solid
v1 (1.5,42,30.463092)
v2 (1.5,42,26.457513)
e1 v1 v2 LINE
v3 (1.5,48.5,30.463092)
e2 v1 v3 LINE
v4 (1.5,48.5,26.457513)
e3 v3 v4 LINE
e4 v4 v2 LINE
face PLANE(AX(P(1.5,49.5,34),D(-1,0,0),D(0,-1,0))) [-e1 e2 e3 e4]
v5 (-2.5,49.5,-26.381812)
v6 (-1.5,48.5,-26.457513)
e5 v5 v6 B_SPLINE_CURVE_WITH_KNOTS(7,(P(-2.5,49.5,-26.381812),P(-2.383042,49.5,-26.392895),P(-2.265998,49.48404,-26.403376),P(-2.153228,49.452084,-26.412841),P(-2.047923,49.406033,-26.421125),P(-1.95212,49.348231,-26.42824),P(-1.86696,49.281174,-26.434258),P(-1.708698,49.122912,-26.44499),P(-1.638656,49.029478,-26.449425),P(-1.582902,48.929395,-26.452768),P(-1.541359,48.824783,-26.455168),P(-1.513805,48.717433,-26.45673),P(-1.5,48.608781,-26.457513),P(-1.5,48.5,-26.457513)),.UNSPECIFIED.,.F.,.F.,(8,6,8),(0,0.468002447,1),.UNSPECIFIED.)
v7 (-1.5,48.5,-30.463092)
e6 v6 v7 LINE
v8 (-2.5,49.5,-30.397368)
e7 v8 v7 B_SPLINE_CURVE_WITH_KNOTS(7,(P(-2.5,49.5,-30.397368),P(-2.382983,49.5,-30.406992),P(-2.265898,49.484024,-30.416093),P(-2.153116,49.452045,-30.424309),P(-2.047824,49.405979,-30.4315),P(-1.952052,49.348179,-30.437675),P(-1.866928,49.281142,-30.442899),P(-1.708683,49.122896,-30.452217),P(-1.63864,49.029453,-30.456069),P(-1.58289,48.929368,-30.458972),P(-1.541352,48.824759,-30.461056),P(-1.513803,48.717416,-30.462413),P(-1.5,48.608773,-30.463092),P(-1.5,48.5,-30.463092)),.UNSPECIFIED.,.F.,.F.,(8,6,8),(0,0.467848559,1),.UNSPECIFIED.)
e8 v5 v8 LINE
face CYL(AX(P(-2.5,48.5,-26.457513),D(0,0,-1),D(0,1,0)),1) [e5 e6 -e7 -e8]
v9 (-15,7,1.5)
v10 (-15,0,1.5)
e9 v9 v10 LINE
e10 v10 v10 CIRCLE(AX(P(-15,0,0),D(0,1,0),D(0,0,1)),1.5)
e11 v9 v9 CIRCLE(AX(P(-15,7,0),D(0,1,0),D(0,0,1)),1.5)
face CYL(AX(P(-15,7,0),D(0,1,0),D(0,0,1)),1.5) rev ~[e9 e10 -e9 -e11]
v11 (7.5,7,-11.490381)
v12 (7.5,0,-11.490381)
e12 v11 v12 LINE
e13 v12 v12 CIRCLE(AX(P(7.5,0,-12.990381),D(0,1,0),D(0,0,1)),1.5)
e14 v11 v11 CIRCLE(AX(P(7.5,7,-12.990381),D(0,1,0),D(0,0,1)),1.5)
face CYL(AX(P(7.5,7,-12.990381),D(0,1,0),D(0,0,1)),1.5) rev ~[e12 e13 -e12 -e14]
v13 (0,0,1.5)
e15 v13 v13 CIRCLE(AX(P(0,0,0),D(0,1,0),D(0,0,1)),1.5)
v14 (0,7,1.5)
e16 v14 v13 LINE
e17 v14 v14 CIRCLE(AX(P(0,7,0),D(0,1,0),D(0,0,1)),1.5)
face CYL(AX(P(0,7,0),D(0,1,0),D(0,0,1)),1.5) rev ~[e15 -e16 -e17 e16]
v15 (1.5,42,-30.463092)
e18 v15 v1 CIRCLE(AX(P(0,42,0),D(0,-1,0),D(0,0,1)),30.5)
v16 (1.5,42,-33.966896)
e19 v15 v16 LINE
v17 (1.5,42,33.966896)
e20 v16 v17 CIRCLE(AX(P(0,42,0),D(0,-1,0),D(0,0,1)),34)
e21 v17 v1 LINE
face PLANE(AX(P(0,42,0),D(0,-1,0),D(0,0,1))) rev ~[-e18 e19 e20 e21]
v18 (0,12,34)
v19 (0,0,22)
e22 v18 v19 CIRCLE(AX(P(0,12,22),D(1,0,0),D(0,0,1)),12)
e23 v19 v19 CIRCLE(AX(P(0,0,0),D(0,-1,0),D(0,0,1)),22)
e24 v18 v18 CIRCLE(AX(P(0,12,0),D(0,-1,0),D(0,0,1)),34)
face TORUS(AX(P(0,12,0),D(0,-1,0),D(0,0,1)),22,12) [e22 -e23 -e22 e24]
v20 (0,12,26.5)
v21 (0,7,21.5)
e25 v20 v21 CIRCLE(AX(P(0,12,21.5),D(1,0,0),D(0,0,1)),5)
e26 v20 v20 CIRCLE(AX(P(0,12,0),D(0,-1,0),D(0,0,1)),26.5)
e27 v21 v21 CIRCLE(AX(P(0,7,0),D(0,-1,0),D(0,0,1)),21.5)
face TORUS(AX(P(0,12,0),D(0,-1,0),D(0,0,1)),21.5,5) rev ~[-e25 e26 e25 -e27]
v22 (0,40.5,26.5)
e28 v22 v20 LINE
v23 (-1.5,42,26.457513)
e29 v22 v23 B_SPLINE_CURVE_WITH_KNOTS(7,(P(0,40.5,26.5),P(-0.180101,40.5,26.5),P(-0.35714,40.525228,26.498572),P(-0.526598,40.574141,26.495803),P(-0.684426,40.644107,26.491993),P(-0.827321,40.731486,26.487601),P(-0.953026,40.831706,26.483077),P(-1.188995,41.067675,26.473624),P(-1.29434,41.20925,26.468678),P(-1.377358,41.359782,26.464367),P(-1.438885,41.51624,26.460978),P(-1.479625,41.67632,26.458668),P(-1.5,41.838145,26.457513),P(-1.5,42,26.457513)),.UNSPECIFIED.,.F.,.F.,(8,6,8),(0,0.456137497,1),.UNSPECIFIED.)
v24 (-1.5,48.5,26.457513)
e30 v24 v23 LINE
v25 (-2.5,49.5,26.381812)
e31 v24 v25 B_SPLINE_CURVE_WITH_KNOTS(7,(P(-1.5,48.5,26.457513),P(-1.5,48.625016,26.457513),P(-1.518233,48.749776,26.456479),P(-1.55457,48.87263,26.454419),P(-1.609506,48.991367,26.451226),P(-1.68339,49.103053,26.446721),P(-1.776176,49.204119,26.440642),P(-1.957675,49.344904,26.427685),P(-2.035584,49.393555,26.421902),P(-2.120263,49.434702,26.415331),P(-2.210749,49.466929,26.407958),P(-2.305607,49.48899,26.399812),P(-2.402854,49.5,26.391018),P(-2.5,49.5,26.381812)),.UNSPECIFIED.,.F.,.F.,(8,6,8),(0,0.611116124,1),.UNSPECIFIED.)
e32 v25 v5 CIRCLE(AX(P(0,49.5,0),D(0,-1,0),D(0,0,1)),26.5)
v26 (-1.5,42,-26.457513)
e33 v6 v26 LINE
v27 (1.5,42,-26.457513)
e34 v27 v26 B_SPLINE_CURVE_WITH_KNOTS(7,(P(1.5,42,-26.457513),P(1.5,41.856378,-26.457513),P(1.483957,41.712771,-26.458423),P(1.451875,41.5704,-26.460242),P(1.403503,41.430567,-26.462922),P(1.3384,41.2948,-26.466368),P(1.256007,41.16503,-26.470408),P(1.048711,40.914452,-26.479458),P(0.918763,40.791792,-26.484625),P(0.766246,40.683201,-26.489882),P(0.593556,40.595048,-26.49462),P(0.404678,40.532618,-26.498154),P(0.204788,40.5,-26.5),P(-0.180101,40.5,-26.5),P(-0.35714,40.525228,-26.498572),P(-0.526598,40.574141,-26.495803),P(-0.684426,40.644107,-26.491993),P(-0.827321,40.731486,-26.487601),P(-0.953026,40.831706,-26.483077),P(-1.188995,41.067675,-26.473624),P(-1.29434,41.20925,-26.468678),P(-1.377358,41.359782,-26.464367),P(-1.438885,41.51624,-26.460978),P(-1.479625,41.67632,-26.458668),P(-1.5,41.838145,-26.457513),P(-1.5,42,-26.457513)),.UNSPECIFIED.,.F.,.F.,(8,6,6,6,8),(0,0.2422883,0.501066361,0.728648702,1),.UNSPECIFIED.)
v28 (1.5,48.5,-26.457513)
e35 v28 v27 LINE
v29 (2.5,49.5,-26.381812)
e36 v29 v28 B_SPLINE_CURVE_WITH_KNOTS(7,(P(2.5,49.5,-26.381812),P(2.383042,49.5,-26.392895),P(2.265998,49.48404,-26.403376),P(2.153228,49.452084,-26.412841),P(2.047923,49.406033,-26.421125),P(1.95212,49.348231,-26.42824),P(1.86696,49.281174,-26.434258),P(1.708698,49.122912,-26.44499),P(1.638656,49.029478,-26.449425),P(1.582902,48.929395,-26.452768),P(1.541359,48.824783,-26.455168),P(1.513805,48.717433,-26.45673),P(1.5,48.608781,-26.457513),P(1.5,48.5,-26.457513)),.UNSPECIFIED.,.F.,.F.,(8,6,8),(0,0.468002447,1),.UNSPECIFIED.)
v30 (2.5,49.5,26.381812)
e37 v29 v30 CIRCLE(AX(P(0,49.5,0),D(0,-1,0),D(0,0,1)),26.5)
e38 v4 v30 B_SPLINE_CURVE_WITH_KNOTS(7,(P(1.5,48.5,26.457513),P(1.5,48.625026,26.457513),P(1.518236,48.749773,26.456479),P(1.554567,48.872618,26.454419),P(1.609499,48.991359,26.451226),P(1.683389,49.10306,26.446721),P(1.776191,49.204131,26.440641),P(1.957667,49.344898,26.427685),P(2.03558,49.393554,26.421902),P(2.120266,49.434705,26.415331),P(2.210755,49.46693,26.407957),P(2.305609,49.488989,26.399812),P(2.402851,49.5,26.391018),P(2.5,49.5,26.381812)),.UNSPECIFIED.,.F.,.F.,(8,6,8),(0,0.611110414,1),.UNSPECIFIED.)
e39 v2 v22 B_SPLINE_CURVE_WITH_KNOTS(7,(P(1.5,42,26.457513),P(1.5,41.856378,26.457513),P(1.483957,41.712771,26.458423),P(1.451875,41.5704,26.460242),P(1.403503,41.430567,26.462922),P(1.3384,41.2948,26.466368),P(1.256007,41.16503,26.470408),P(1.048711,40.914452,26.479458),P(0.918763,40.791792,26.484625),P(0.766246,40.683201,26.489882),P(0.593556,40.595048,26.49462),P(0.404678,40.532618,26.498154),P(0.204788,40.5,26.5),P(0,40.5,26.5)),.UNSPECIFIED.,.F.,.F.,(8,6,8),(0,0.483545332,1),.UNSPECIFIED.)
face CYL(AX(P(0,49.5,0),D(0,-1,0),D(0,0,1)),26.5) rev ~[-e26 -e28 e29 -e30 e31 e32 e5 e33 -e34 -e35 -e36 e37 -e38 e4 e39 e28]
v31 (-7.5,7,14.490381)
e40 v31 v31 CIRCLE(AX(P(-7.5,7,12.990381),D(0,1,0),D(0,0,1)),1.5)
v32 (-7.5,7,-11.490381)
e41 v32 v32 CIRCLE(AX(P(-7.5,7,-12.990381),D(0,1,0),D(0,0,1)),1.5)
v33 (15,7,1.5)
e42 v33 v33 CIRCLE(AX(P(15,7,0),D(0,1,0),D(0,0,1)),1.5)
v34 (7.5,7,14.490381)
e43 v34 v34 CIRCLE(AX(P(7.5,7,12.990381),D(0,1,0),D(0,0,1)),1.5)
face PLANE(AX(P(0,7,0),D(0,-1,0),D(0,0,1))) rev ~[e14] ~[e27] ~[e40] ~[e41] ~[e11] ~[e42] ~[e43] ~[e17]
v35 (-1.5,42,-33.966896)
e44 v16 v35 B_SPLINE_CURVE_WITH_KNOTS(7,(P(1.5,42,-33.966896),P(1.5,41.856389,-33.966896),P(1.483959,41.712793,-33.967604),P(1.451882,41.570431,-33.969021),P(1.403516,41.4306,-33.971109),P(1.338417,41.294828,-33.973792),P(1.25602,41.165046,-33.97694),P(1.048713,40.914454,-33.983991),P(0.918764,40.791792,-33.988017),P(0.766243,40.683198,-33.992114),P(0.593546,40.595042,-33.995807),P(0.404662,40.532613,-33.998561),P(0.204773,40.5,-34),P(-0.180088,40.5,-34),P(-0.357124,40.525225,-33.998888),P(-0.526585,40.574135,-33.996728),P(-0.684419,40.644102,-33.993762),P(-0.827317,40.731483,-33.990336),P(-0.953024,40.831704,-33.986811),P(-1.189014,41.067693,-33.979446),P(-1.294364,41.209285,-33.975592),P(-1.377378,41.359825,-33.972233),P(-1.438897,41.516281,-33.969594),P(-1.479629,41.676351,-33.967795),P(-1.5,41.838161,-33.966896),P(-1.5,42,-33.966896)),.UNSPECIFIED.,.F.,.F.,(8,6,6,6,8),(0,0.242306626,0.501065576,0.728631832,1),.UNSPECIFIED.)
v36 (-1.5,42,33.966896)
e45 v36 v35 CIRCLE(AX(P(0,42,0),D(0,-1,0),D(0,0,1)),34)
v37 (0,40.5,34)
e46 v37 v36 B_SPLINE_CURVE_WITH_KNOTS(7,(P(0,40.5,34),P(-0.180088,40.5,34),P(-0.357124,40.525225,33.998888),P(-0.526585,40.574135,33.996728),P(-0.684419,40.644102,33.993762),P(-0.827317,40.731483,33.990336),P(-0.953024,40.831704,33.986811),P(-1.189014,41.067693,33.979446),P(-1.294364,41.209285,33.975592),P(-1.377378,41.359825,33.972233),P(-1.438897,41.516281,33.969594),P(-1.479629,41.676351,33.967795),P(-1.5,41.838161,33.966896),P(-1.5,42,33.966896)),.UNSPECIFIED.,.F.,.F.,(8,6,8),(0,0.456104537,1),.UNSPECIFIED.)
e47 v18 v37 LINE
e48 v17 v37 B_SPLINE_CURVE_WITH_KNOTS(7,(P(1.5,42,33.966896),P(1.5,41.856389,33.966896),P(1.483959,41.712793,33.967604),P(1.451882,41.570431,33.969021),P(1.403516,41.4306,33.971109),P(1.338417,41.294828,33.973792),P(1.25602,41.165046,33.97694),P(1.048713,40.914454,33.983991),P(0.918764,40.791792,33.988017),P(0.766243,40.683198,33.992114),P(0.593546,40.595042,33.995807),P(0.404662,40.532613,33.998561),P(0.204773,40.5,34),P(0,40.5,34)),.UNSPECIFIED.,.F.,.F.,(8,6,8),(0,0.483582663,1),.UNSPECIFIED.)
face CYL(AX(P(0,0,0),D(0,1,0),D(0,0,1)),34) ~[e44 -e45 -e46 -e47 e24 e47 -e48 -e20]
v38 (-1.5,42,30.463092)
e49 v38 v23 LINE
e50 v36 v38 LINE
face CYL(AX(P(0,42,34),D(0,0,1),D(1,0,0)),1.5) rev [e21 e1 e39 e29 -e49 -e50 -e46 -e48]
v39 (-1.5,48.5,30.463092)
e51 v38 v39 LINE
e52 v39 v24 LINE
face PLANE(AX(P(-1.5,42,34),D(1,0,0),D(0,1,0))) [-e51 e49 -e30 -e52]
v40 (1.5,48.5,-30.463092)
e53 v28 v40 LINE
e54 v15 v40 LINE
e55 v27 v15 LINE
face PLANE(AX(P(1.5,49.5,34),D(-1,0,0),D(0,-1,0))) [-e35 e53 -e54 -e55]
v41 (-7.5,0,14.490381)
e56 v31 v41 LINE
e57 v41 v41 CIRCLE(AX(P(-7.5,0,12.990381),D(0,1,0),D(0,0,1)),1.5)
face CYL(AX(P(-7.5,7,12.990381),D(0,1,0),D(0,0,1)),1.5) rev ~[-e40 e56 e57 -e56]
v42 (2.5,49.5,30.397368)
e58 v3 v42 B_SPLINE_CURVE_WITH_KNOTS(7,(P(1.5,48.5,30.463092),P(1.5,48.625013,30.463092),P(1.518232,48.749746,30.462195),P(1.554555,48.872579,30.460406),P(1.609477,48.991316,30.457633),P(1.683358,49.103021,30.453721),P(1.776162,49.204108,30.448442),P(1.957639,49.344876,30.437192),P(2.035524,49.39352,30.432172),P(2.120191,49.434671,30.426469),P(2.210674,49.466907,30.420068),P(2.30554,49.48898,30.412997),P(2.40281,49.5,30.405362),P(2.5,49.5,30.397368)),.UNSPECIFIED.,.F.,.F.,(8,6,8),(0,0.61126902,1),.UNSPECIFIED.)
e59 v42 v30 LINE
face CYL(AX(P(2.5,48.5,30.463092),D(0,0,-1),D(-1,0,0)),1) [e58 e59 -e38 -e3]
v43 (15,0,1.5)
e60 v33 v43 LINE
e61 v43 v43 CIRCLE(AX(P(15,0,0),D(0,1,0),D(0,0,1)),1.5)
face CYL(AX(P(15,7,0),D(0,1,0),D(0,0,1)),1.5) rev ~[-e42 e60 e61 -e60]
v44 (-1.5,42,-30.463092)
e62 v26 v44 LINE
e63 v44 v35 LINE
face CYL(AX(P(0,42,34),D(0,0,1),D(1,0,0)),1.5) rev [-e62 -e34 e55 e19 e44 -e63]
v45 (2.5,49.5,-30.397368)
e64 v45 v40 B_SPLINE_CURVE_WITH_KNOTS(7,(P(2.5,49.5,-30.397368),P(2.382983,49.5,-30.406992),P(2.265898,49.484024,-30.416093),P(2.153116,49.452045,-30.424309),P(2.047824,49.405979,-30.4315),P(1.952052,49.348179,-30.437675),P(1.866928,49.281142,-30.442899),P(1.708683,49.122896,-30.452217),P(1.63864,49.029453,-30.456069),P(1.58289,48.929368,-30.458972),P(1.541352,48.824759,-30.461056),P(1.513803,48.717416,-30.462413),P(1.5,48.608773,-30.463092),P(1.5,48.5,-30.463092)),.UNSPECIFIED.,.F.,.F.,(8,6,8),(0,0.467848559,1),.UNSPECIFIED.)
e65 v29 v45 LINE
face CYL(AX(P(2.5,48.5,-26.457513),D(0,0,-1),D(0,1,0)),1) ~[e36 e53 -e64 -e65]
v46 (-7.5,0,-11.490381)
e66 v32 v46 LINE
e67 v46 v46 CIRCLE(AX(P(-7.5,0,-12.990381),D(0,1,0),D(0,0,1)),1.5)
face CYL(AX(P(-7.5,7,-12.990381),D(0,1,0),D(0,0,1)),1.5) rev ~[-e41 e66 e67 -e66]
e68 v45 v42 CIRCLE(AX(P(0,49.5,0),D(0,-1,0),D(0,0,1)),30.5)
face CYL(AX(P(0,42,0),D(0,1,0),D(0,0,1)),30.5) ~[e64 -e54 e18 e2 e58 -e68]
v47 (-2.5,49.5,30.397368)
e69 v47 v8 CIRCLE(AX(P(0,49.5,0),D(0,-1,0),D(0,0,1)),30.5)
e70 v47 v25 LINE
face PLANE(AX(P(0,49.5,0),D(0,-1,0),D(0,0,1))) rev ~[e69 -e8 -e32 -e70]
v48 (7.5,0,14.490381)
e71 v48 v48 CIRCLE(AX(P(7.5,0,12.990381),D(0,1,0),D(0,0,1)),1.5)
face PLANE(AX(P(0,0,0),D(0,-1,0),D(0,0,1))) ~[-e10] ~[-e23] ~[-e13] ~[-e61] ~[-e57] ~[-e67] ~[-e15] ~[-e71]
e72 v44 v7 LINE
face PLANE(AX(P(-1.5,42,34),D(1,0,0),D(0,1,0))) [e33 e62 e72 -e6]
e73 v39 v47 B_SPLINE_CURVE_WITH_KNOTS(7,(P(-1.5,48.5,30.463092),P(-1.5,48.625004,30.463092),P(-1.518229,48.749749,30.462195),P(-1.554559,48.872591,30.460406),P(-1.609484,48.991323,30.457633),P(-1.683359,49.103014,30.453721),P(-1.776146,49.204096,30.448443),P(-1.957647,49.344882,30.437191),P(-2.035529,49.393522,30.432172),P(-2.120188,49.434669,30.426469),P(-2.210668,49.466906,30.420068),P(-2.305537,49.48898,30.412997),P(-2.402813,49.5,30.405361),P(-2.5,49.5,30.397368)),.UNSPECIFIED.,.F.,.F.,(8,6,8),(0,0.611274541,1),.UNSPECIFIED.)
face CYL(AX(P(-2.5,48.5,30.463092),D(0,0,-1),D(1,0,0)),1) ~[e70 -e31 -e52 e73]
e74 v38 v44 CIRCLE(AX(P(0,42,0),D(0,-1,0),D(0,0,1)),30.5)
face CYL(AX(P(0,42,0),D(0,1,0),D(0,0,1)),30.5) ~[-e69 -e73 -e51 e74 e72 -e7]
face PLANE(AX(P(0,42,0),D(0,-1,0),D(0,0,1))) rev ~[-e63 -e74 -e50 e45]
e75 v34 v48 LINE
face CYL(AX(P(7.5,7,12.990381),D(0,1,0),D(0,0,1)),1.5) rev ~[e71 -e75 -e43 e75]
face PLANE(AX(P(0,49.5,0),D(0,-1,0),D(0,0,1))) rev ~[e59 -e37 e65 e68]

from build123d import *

# Parameters (mm, degrees)
ENL_V_MAT_EXTRU_1_REACH = 66.174
ESQUISSE2_R             = 1.5
ENL_V_MAT_EXTRU_2_DEPTH = 91.720725306
CONG_1_R                = 12
CONG_2_R                = 5
CONG_3_R                = 1


with BuildPart() as part:
    # Esquisse1 → Révolution1 (revolve)
    with BuildSketch(Plane(origin=(0, 0, 0), x_dir=(0, 0, -1), z_dir=(1, 0, 0)), mode=Mode.PRIVATE) as r_volution1_sk:
        Polygon((26.5, 49.5), (26.5, 7), (0, 7), (0, 0), (34, 0), (34, 42), (30.5, 42), (30.5, 49.5), align=None)
    revolve(r_volution1_sk.sketch.rotate(Axis((0, 7, 0), (0, -1, 0)), 180), axis=Axis((0, 7, 0), (0, -1, 0)))

    # Esquisse2 → Enlèv. mat.-Extru.1 (cut, up to next)
    with BuildSketch(Plane(origin=(0, 7, 0), x_dir=(1, 0, 0), z_dir=(0, 1, 0)), mode=Mode.PRIVATE) as enl_v_mat_extru_1_sk1:
        with Locations(Location((0, 0, 0), (0, 0, 270))):
            Circle(ESQUISSE2_R)
    enl_v_mat_extru_1_tool1 = extrude(enl_v_mat_extru_1_sk1.sketch, amount=-ENL_V_MAT_EXTRU_1_REACH, mode=Mode.PRIVATE) & part.part
    # Esquisse2 → Enlèv. mat.-Extru.1 (cut, up to next)
    with BuildSketch(Plane(origin=(0, 7, 0), x_dir=(1, 0, 0), z_dir=(0, 1, 0)), mode=Mode.PRIVATE) as enl_v_mat_extru_1_sk2:
        with Locations(Location((15, 0, 0), (0, 0, 270))):
            Circle(ESQUISSE2_R)
    enl_v_mat_extru_1_tool2 = extrude(enl_v_mat_extru_1_sk2.sketch, amount=-ENL_V_MAT_EXTRU_1_REACH, mode=Mode.PRIVATE) & part.part
    # Esquisse2 → Enlèv. mat.-Extru.1 (cut, up to next)
    with BuildSketch(Plane(origin=(0, 7, 0), x_dir=(1, 0, 0), z_dir=(0, 1, 0)), mode=Mode.PRIVATE) as enl_v_mat_extru_1_sk3:
        with Locations(Location((7.5, -12.990381057, 0), (0, 0, 270))):
            Circle(ESQUISSE2_R)
    enl_v_mat_extru_1_tool3 = extrude(enl_v_mat_extru_1_sk3.sketch, amount=-ENL_V_MAT_EXTRU_1_REACH, mode=Mode.PRIVATE) & part.part
    # Esquisse2 → Enlèv. mat.-Extru.1 (cut, up to next)
    with BuildSketch(Plane(origin=(0, 7, 0), x_dir=(1, 0, 0), z_dir=(0, 1, 0)), mode=Mode.PRIVATE) as enl_v_mat_extru_1_sk4:
        with Locations(Location((-7.5, -12.990381057, 0), (0, 0, 270))):
            Circle(ESQUISSE2_R)
    enl_v_mat_extru_1_tool4 = extrude(enl_v_mat_extru_1_sk4.sketch, amount=-ENL_V_MAT_EXTRU_1_REACH, mode=Mode.PRIVATE) & part.part
    # Esquisse2 → Enlèv. mat.-Extru.1 (cut, up to next)
    with BuildSketch(Plane(origin=(0, 7, 0), x_dir=(1, 0, 0), z_dir=(0, 1, 0)), mode=Mode.PRIVATE) as enl_v_mat_extru_1_sk5:
        with Locations(Location((-15, 0, 0), (0, 0, 270))):
            Circle(ESQUISSE2_R)
    enl_v_mat_extru_1_tool5 = extrude(enl_v_mat_extru_1_sk5.sketch, amount=-ENL_V_MAT_EXTRU_1_REACH, mode=Mode.PRIVATE) & part.part
    # Esquisse2 → Enlèv. mat.-Extru.1 (cut, up to next)
    with BuildSketch(Plane(origin=(0, 7, 0), x_dir=(1, 0, 0), z_dir=(0, 1, 0)), mode=Mode.PRIVATE) as enl_v_mat_extru_1_sk6:
        with Locations(Location((-7.5, 12.990381057, 0), (0, 0, 270))):
            Circle(ESQUISSE2_R)
    enl_v_mat_extru_1_tool6 = extrude(enl_v_mat_extru_1_sk6.sketch, amount=-ENL_V_MAT_EXTRU_1_REACH, mode=Mode.PRIVATE) & part.part
    # Esquisse2 → Enlèv. mat.-Extru.1 (cut, up to next)
    with BuildSketch(Plane(origin=(0, 7, 0), x_dir=(1, 0, 0), z_dir=(0, 1, 0)), mode=Mode.PRIVATE) as enl_v_mat_extru_1_sk7:
        with Locations(Location((7.5, 12.990381057, 0), (0, 0, 270))):
            Circle(ESQUISSE2_R)
    enl_v_mat_extru_1_tool7 = extrude(enl_v_mat_extru_1_sk7.sketch, amount=-ENL_V_MAT_EXTRU_1_REACH, mode=Mode.PRIVATE) & part.part
    add(enl_v_mat_extru_1_tool1.solids().sort_by_distance((0, 7, 0))[0], mode=Mode.SUBTRACT)
    add(enl_v_mat_extru_1_tool2.solids().sort_by_distance((15, 7, 0))[0], mode=Mode.SUBTRACT)
    add(enl_v_mat_extru_1_tool3.solids().sort_by_distance((7.5, 7, 12.990381))[0], mode=Mode.SUBTRACT)
    add(enl_v_mat_extru_1_tool4.solids().sort_by_distance((-7.5, 7, 12.990381))[0], mode=Mode.SUBTRACT)
    add(enl_v_mat_extru_1_tool5.solids().sort_by_distance((-15, 7, 0))[0], mode=Mode.SUBTRACT)
    add(enl_v_mat_extru_1_tool6.solids().sort_by_distance((-7.5, 7, -12.990381))[0], mode=Mode.SUBTRACT)
    add(enl_v_mat_extru_1_tool7.solids().sort_by_distance((7.5, 7, -12.990381))[0], mode=Mode.SUBTRACT)

    # Esquisse3 → Enlèv. mat.-Extru.2 (cut, through all)
    with BuildSketch(Plane.XY.offset(34)):
        with BuildLine():
            Line((-1.5, 42), (-1.5, 49.5))
            Line((-1.5, 49.5), (1.5, 49.5))
            Line((1.5, 49.5), (1.5, 42))
            ThreePointArc((1.5, 42), (0, 40.5), (-1.5, 42))
        make_face()
    extrude(amount=-ENL_V_MAT_EXTRU_2_DEPTH, mode=Mode.SUBTRACT)

    # Congé1
    cong_1_edges = [part.edges().sort_by_distance(p)[0] for p in [
        (0, 0, -34),
    ]]
    fillet(cong_1_edges, radius=CONG_1_R)

    # Congé2
    cong_2_edges = [part.edges().sort_by_distance(p)[0] for p in [
        (0, 7, -26.5),
    ]]
    fillet(cong_2_edges, radius=CONG_2_R)

    # Congé3
    cong_3_edges = [part.edges().sort_by_distance(p)[0] for p in [
        (-1.5, 49.5, -28.460302767),
        (-1.5, 49.5, 28.460302767),
        (1.5, 49.5, -28.460302767),
        (1.5, 49.5, 28.460302767),
    ]]
    fillet(cong_3_edges, radius=CONG_3_R)


solid = part.part
